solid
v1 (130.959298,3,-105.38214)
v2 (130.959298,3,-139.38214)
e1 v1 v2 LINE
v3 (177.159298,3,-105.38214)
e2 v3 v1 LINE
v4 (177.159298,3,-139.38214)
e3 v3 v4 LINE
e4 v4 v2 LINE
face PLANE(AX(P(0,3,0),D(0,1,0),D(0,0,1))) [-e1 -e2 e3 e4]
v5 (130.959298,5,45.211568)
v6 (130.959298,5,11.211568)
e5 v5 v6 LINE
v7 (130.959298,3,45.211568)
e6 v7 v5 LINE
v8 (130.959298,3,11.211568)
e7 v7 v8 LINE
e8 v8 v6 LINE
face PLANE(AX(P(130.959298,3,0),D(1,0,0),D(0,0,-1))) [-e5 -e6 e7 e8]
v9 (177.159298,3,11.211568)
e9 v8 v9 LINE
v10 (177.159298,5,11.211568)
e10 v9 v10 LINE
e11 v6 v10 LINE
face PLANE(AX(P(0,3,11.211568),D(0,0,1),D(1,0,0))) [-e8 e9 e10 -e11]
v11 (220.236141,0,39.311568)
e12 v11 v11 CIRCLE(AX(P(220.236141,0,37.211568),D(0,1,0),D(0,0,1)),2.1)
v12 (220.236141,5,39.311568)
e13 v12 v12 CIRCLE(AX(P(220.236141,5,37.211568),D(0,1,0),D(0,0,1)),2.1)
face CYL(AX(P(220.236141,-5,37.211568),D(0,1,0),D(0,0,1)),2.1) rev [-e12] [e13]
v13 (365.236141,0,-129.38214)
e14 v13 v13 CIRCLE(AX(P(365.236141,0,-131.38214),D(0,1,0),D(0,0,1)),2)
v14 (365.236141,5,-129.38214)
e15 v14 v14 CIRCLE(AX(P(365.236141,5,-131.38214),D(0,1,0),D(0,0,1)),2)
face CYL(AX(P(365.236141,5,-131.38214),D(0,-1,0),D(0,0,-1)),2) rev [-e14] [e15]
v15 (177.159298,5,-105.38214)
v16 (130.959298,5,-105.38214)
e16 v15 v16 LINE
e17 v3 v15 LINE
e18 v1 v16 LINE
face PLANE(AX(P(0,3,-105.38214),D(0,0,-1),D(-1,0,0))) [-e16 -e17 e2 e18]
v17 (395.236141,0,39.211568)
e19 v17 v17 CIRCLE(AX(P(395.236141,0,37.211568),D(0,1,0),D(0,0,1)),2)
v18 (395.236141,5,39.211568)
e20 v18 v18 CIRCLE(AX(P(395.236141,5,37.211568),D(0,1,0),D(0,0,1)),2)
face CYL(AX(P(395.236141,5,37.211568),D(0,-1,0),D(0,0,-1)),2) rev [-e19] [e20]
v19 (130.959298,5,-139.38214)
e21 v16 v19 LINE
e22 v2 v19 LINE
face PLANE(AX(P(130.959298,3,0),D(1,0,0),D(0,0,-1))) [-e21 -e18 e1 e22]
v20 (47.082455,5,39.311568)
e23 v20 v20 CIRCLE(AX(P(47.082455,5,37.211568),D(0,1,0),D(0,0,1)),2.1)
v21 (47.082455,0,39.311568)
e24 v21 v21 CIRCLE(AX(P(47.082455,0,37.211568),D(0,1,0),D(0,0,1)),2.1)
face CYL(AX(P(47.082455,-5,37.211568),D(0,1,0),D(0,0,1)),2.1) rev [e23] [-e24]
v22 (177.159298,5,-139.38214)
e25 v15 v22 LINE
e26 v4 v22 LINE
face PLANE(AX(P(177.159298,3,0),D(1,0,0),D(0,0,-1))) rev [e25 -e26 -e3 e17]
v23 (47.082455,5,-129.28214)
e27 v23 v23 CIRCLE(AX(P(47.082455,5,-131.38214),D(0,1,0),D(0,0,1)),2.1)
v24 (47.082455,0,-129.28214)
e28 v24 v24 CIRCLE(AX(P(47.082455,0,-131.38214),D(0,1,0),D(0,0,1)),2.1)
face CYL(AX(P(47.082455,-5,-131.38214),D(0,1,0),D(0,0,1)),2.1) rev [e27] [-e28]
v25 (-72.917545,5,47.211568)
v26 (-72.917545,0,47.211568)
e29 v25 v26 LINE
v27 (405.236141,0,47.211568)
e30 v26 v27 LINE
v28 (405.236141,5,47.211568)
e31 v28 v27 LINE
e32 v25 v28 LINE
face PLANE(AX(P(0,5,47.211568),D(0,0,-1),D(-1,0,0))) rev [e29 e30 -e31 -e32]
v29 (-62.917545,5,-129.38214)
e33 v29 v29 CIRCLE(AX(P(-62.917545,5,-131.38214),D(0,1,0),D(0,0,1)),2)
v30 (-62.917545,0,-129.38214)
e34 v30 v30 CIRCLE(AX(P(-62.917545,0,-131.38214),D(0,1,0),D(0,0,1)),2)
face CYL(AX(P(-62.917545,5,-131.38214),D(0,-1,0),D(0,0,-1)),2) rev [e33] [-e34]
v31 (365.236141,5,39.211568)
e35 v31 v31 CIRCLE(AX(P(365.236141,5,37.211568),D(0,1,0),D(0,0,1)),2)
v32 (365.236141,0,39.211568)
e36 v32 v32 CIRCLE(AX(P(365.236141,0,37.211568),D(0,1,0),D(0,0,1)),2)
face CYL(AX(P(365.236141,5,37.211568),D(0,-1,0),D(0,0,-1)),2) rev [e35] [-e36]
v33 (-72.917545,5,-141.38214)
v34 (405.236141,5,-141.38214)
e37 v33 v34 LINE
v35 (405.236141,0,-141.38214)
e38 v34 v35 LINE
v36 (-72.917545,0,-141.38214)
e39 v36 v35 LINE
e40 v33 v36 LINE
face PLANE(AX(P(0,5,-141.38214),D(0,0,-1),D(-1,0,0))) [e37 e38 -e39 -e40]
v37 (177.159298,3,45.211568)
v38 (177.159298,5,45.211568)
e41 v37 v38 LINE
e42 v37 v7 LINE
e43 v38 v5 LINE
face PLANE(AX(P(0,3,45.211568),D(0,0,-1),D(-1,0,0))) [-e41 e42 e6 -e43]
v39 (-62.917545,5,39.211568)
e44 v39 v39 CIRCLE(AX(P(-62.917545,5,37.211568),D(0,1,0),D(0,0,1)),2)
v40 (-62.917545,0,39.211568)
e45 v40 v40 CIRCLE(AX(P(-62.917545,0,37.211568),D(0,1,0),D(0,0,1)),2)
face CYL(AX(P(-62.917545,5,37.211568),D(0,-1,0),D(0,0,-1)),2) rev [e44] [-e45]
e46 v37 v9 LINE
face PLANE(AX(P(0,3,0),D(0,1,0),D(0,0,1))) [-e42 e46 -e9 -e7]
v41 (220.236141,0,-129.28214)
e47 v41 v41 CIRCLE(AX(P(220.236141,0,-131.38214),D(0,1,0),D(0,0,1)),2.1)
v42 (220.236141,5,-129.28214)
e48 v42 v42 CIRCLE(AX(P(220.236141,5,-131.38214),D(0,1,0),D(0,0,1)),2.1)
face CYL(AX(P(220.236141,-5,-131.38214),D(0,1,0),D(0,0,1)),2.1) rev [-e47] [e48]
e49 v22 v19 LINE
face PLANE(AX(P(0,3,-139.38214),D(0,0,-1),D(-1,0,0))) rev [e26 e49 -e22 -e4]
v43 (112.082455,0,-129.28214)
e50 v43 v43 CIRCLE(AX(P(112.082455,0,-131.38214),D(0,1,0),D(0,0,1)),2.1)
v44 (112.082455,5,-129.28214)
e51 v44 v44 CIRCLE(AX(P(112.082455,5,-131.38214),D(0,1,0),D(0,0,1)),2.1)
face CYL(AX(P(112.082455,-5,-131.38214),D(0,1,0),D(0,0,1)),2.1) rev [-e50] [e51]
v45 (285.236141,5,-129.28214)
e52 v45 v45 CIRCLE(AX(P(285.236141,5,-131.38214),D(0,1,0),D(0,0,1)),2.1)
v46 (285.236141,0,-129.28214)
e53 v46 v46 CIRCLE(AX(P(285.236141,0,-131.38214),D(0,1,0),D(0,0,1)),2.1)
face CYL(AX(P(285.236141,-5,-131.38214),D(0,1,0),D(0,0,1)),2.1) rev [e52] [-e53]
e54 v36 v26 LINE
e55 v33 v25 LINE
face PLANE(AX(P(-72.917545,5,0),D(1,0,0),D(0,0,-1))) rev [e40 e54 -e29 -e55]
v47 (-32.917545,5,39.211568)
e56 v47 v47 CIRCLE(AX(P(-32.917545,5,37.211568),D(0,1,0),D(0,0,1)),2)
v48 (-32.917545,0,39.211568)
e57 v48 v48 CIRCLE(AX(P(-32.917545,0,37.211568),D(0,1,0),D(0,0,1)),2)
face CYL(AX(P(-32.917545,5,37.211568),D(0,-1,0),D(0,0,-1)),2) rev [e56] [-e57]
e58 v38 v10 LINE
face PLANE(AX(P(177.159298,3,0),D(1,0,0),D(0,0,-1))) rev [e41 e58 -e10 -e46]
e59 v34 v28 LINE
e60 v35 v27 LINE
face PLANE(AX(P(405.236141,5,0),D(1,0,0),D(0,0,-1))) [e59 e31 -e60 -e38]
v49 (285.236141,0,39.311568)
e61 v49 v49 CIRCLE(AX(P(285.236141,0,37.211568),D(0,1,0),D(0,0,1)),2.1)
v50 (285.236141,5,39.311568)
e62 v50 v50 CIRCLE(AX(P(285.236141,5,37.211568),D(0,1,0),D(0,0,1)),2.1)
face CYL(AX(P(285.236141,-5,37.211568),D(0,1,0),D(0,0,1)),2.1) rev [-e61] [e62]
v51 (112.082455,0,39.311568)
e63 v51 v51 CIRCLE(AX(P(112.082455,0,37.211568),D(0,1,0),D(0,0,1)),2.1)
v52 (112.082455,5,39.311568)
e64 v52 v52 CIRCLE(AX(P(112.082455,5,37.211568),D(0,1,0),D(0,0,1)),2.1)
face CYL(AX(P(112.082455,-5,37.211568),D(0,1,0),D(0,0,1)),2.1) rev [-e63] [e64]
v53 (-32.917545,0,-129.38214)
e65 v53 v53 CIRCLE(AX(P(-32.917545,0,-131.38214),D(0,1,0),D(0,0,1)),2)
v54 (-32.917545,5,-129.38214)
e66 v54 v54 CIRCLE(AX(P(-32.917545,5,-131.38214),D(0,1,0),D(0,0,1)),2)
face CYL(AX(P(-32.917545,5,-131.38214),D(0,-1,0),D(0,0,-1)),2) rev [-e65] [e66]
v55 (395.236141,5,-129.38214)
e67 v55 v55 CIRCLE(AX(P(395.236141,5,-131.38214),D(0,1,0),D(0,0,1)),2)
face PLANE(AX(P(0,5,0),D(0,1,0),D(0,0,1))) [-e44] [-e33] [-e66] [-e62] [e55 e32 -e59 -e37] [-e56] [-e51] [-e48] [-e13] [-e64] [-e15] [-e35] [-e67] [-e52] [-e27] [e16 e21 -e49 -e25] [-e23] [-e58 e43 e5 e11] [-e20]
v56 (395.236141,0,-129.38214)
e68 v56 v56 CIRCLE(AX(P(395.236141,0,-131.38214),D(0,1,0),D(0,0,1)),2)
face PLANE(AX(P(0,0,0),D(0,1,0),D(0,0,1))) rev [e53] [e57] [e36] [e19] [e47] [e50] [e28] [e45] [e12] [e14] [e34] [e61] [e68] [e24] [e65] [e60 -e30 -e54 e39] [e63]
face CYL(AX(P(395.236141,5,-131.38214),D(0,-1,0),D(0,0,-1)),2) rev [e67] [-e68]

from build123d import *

# Parameters (mm, degrees)
ESQUISSE1_W             = 478.153686012
ESQUISSE1_H             = 188.593708553
ESQUISSE1_R             = 2
BOSS_EXTRU_4_DEPTH      = 5
ESQUISSE2_W             = 35.2
ESQUISSE2_H             = 34
ESQUISSE2_W_2           = 11
ENL_V_MAT_EXTRU_1_DEPTH = 2
ESQUISSE3_R             = 2.1
ENL_V_MAT_EXTRU_2_DEPTH = 10


with BuildPart() as part:
    # Esquisse1 → Boss.-Extru.4 (new body)
    with BuildSketch(Plane(origin=(0, 0, 0), x_dir=(1, 0, 0), z_dir=(0, 1, 0))):
        with Locations((166.159297522, 47.085285911)):
            Rectangle(ESQUISSE1_W, ESQUISSE1_H)
        with Locations(Location((-62.917545484, 131.382140187, 0), (0, 0, 270))):
            Circle(ESQUISSE1_R, mode=Mode.SUBTRACT)
        with Locations(Location((-62.917545484, -37.211568366, 0), (0, 0, 270))):
            Circle(ESQUISSE1_R, mode=Mode.SUBTRACT)
        with Locations(Location((395.236140528, -37.211568366, 0), (0, 0, 270))):
            Circle(ESQUISSE1_R, mode=Mode.SUBTRACT)
        with Locations(Location((395.236140528, 131.382140187, 0), (0, 0, 270))):
            Circle(ESQUISSE1_R, mode=Mode.SUBTRACT)
        with Locations(Location((-32.917545484, -37.211568366, 0), (0, 0, 270))):
            Circle(ESQUISSE1_R, mode=Mode.SUBTRACT)
        with Locations(Location((-32.917545484, 131.382140187, 0), (0, 0, 270))):
            Circle(ESQUISSE1_R, mode=Mode.SUBTRACT)
        with Locations(Location((365.236140528, 131.382140187, 0), (0, 0, 270))):
            Circle(ESQUISSE1_R, mode=Mode.SUBTRACT)
        with Locations(Location((365.236140528, -37.211568366, 0), (0, 0, 270))):
            Circle(ESQUISSE1_R, mode=Mode.SUBTRACT)
    extrude(amount=BOSS_EXTRU_4_DEPTH)

    # Esquisse2 → Enlèv. mat.-Extru.1 (cut)
    with BuildSketch(Plane(origin=(0, 5, 0), x_dir=(1, 0, 0), z_dir=(0, 1, 0))):
        with Locations((148.559297522, 122.382140187)):
            Rectangle(ESQUISSE2_W, ESQUISSE2_H)
        with Locations((171.659297522, 122.382140187)):
            Rectangle(ESQUISSE2_W_2, ESQUISSE2_H)
        with Locations((148.559297522, -28.211568366)):
            Rectangle(ESQUISSE2_W, ESQUISSE2_H)
        with Locations((171.659297522, -28.211568366)):
            Rectangle(ESQUISSE2_W_2, ESQUISSE2_H)
    extrude(amount=-ENL_V_MAT_EXTRU_1_DEPTH, mode=Mode.SUBTRACT)

    # Esquisse3 → Enlèv. mat.-Extru.2 (cut)
    with BuildSketch(Plane(origin=(0, 5, 0), x_dir=(1, 0, 0), z_dir=(0, 1, 0))):
        with Locations(Location((47.082454516, 131.382140187, 0), (0, 0, 270))):
            Circle(ESQUISSE3_R)
        with Locations(Location((47.082454516, -37.211568366, 0), (0, 0, 270))):
            Circle(ESQUISSE3_R)
        with Locations(Location((285.236140528, 131.382140187, 0), (0, 0, 270))):
            Circle(ESQUISSE3_R)
        with Locations(Location((285.236140528, -37.211568366, 0), (0, 0, 270))):
            Circle(ESQUISSE3_R)
        with Locations(Location((220.236140528, 131.382140187, 0), (0, 0, 270))):
            Circle(ESQUISSE3_R)
        with Locations(Location((220.236140528, -37.211568366, 0), (0, 0, 270))):
            Circle(ESQUISSE3_R)
        with Locations(Location((112.082454516, 131.382140187, 0), (0, 0, 270))):
            Circle(ESQUISSE3_R)
        with Locations(Location((112.082454516, -37.211568366, 0), (0, 0, 270))):
            Circle(ESQUISSE3_R)
    extrude(amount=-ENL_V_MAT_EXTRU_2_DEPTH, mode=Mode.SUBTRACT)


solid = part.part
